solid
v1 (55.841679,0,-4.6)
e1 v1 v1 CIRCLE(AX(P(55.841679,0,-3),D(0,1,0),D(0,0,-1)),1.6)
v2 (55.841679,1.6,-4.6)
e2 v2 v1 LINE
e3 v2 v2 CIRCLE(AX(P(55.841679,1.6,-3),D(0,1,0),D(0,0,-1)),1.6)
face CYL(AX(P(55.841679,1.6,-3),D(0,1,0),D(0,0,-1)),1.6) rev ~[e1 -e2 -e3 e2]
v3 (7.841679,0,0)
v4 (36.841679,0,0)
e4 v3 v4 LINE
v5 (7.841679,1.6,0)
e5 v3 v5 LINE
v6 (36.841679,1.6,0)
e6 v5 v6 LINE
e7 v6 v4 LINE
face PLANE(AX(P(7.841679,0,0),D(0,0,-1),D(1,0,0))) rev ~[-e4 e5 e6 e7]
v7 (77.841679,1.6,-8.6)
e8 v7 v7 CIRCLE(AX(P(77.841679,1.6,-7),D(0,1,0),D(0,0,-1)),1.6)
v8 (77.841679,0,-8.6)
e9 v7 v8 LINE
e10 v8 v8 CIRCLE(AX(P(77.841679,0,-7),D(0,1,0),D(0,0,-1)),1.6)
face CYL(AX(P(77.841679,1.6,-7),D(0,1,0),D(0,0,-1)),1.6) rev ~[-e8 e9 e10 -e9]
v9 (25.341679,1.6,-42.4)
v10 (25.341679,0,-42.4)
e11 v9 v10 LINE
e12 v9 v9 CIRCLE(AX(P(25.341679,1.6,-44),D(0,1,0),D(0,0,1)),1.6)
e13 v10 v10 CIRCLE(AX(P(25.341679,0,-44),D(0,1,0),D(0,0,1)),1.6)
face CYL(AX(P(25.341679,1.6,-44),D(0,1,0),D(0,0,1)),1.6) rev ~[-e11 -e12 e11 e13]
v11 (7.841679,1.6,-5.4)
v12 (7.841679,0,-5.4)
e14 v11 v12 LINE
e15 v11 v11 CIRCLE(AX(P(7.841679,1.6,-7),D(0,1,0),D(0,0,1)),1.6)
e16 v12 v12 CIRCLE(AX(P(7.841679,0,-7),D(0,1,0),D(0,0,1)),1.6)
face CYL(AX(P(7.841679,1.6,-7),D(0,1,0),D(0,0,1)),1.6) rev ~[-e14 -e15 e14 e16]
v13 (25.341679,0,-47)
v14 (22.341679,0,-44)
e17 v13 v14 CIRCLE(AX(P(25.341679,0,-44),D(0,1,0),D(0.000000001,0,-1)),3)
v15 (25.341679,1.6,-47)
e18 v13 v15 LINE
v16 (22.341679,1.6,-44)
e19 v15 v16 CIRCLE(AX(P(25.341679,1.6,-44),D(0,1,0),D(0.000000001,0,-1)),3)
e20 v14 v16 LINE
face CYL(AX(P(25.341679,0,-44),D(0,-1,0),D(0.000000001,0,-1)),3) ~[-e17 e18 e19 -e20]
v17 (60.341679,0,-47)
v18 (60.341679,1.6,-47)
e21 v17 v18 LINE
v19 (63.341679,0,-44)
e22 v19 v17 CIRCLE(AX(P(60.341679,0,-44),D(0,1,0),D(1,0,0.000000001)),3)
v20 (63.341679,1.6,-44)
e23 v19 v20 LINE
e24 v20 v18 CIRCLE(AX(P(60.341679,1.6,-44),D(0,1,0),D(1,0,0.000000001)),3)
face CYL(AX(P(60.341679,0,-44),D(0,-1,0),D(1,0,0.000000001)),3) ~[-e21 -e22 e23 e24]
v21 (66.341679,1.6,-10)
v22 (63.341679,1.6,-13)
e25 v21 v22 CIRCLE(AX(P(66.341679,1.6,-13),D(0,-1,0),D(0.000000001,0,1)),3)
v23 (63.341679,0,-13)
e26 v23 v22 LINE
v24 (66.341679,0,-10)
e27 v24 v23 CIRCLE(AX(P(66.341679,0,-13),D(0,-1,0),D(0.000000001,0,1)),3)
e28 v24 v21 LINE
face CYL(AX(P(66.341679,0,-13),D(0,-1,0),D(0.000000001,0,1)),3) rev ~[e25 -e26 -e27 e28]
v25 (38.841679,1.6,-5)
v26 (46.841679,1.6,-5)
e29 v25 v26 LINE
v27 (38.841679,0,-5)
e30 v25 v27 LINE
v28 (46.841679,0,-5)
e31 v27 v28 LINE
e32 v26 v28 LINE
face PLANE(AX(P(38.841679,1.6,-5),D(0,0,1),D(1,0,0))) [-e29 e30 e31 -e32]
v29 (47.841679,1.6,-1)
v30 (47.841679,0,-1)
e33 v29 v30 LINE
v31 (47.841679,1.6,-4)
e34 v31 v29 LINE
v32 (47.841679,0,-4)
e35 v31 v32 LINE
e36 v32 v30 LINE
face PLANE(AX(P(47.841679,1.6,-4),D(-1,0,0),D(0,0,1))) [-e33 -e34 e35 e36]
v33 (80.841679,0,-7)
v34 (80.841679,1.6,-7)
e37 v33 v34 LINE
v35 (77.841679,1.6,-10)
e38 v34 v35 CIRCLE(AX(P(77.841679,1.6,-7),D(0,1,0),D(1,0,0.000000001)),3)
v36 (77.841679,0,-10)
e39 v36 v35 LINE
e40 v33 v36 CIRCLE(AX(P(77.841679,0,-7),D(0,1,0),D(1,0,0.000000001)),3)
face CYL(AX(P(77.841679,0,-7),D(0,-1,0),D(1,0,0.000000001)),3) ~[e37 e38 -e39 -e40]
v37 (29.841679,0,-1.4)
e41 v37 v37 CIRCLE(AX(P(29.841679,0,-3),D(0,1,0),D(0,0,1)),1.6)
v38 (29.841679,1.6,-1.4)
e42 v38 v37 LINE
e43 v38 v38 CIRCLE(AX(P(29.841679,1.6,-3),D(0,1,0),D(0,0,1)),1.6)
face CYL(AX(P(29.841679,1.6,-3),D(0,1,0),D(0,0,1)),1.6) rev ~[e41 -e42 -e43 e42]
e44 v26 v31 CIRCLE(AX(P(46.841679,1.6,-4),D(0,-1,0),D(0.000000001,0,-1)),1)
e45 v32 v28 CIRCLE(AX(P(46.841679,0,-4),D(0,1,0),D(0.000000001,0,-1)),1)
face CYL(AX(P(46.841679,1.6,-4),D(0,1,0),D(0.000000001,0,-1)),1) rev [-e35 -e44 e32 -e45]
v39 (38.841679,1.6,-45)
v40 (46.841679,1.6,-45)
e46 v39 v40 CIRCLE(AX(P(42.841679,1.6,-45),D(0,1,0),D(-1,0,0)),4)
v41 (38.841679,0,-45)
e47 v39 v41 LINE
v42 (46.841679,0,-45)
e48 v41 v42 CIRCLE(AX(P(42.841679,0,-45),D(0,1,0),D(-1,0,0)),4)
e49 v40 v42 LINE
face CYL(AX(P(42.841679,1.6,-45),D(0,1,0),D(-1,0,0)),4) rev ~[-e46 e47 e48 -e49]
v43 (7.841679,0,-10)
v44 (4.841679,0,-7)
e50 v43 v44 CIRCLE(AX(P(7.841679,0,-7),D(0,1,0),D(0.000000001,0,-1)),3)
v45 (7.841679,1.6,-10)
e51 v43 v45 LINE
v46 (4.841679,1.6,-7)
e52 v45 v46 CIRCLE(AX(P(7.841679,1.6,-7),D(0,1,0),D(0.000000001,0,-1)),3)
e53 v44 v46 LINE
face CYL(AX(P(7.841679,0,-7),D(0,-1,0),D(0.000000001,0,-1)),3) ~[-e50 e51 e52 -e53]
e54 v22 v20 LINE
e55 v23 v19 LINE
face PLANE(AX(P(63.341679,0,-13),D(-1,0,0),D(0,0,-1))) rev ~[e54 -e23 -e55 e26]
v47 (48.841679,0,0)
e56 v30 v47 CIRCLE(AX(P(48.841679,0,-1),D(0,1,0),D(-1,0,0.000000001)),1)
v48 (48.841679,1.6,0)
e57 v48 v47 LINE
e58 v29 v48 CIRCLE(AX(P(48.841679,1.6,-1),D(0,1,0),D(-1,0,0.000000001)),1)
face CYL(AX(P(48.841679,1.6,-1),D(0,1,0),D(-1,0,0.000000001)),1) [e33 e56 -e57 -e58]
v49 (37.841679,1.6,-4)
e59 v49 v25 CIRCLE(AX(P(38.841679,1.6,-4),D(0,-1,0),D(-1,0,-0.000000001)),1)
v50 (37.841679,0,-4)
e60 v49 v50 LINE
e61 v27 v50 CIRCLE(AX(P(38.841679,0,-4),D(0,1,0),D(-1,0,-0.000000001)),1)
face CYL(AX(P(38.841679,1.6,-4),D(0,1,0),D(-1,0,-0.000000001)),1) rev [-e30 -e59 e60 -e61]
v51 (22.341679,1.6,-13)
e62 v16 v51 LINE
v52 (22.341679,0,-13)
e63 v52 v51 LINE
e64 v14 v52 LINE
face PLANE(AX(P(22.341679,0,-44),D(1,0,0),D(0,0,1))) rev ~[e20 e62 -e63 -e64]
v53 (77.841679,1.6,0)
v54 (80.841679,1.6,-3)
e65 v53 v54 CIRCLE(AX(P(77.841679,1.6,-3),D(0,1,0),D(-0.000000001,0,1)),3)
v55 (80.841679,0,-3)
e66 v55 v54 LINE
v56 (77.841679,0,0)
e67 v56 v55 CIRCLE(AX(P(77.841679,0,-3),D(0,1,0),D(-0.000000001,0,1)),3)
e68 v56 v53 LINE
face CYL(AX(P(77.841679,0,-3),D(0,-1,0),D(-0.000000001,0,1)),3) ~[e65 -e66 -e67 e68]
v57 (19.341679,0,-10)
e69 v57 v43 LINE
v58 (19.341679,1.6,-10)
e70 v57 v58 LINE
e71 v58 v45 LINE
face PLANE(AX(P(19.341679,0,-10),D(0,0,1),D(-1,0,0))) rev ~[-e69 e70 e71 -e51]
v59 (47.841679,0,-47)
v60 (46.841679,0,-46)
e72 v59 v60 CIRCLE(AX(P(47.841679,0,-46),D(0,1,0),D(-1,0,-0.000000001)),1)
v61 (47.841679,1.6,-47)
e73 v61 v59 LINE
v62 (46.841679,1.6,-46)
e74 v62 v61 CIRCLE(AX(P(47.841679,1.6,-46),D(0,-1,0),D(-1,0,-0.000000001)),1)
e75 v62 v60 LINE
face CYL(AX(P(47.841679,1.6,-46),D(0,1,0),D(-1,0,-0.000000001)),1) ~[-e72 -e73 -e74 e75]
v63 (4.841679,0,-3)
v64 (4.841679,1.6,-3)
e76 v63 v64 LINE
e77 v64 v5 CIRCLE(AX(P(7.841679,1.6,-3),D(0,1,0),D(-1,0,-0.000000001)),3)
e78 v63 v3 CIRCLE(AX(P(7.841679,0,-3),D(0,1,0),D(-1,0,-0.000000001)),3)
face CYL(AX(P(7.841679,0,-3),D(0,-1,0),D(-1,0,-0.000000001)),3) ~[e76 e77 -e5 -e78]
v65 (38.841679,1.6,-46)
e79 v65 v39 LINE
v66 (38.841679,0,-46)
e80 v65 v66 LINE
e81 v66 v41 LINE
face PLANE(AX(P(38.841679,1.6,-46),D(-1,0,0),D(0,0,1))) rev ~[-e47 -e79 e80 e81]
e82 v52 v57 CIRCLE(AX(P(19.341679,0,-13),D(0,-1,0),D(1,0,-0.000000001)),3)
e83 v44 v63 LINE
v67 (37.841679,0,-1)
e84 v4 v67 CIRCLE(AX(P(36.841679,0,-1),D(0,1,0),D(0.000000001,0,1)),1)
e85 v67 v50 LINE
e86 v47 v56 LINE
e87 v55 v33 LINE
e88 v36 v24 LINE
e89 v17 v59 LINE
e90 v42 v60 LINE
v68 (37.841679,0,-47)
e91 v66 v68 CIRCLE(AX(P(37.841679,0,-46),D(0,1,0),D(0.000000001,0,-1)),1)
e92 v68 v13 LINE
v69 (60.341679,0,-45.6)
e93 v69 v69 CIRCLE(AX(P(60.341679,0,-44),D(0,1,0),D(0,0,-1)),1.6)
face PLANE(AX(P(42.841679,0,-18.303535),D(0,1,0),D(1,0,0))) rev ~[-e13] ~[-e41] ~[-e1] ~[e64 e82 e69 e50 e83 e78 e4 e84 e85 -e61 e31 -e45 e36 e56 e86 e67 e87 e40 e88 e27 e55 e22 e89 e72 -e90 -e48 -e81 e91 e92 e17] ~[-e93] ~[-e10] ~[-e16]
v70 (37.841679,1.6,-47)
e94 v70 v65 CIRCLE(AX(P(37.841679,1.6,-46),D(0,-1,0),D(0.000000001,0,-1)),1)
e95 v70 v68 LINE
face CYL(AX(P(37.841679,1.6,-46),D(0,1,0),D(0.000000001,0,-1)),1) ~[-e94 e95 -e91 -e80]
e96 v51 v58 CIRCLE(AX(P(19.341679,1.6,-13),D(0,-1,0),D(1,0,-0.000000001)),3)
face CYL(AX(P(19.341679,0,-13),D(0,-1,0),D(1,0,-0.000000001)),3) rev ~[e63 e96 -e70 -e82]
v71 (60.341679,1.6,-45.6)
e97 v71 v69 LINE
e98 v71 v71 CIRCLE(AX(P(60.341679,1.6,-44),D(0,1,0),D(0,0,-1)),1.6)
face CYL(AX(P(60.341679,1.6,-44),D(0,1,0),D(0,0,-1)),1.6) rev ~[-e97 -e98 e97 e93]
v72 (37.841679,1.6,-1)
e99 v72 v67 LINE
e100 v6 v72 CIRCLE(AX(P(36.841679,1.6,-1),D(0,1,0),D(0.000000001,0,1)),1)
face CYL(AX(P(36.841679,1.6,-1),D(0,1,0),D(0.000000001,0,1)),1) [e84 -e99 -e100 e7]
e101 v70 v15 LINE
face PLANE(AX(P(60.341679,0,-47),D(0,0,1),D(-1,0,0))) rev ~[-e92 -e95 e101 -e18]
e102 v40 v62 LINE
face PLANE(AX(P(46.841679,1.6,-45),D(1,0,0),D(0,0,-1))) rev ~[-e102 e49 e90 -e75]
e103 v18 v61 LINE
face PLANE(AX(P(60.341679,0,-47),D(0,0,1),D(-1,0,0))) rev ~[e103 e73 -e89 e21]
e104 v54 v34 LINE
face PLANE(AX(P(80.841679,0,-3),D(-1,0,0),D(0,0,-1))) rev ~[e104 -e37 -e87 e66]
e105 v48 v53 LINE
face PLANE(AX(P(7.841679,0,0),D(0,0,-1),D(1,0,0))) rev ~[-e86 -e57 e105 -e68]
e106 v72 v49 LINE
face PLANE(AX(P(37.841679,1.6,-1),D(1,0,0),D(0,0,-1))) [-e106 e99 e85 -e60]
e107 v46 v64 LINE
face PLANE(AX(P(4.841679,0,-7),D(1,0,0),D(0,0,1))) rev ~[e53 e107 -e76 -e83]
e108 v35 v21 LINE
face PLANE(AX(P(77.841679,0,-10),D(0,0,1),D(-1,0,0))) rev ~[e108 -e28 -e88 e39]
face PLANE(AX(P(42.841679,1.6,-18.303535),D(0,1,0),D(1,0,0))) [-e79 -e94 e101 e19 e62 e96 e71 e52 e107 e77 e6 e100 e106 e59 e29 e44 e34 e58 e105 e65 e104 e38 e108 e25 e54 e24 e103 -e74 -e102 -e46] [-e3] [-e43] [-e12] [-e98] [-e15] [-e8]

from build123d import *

# Parameters (mm, degrees)
EXTRUDE_1_DEPTH     = 1.6
CUT_EXTRUDE_1_DEPTH = 10
SKETCH_3_R          = 1.6
CUT_EXTRUDE_2_DEPTH = 94.525061209
CUT_EXTRUDE_3_DEPTH = 5


with BuildPart() as part:
    # 草图1 → 凸台-拉伸1 (new body)
    with BuildSketch(Plane(origin=(0, 0, 0), x_dir=(1, 0, 0), z_dir=(0, 1, 0))):
        with BuildLine():
            Line((7.841679065, 0), (77.841679065, 0))
            ThreePointArc((77.841679065, 0), (79.962999409, 0.878679656), (80.841679065, 3))
            Line((80.841679065, 3), (80.841679065, 7))
            ThreePointArc((80.841679065, 7), (79.962999409, 9.121320344), (77.841679065, 10))
            Line((77.841679065, 10), (66.341679065, 10))
            ThreePointArc((66.341679065, 10), (64.220358721, 10.878679656), (63.341679065, 13))
            Line((63.341679065, 13), (63.341679065, 44))
            ThreePointArc((63.341679065, 44), (62.462999409, 46.121320344), (60.341679065, 47))
            Line((60.341679065, 47), (25.341679065, 47))
            ThreePointArc((25.341679065, 47), (23.220358721, 46.121320344), (22.341679065, 44))
            Line((22.341679065, 44), (22.341679065, 13))
            ThreePointArc((22.341679065, 13), (21.462999409, 10.878679656), (19.341679065, 10))
            Line((19.341679065, 10), (7.841679065, 10))
            ThreePointArc((7.841679065, 10), (5.720358721, 9.121320344), (4.841679065, 7))
            Line((4.841679065, 7), (4.841679065, 3))
            ThreePointArc((4.841679065, 3), (5.720358721, 0.878679656), (7.841679065, 0))
        make_face()
    extrude(amount=EXTRUDE_1_DEPTH)

    # 草图2 → 切除-拉伸1 (cut)
    with BuildSketch(Plane(origin=(0, 1.6, 0), x_dir=(1, 0, 0), z_dir=(0, 1, 0))):
        with BuildLine():
            Line((37.841679065, 1), (37.841679065, 4))
            ThreePointArc((37.841679065, 4), (38.134572284, 4.707106781), (38.841679065, 5))
            Line((38.841679065, 5), (46.841679065, 5))
            ThreePointArc((46.841679065, 5), (47.548785846, 4.707106781), (47.841679065, 4))
            Line((47.841679065, 4), (47.841679065, 1))
            ThreePointArc((47.841679065, 1), (48.134572284, 0.292893219), (48.841679065, 0))
            Line((48.841679065, 0), (36.841679065, 0))
            ThreePointArc((36.841679065, 0), (37.548785846, 0.292893219), (37.841679065, 1))
        make_face()
    extrude(amount=-CUT_EXTRUDE_1_DEPTH, mode=Mode.SUBTRACT)

    # 草图3 → 切除-拉伸2 (cut, through all)
    with BuildSketch(Plane(origin=(0, 1.6, 0), x_dir=(1, 0, 0), z_dir=(0, 1, 0))):
        with Locations(Location((7.841679065, 7, 0), (0, 0, 270))):
            Circle(SKETCH_3_R)
        with Locations(Location((29.841679065, 3, 0), (0, 0, 270))):
            Circle(SKETCH_3_R)
        with Locations(Location((25.341679065, 44, 0), (0, 0, 270))):
            Circle(SKETCH_3_R)
        with Locations(Location((60.341679065, 44, 0), (0, 0, 90))):
            Circle(SKETCH_3_R)
        with Locations(Location((55.841679065, 3, 0), (0, 0, 90))):
            Circle(SKETCH_3_R)
        with Locations(Location((77.841679065, 7, 0), (0, 0, 90))):
            Circle(SKETCH_3_R)
    extrude(amount=-CUT_EXTRUDE_2_DEPTH, mode=Mode.SUBTRACT)

    # 草图4 → 切除-拉伸3 (cut)
    with BuildSketch(Plane(origin=(0, 1.6, 0), x_dir=(1, 0, 0), z_dir=(0, 1, 0))):
        with BuildLine():
            Line((46.841679065, 45), (46.841679065, 46))
            ThreePointArc((46.841679065, 46), (47.134572284, 46.707106781), (47.841679065, 47))
            Line((47.841679065, 47), (37.841679065, 47))
            ThreePointArc((37.841679065, 47), (38.548785846, 46.707106781), (38.841679065, 46))
            Line((38.841679065, 46), (38.841679065, 45))
            ThreePointArc((38.841679065, 45), (42.841679065, 41), (46.841679065, 45))
        make_face()
    extrude(amount=-CUT_EXTRUDE_3_DEPTH, mode=Mode.SUBTRACT)


solid = part.part
